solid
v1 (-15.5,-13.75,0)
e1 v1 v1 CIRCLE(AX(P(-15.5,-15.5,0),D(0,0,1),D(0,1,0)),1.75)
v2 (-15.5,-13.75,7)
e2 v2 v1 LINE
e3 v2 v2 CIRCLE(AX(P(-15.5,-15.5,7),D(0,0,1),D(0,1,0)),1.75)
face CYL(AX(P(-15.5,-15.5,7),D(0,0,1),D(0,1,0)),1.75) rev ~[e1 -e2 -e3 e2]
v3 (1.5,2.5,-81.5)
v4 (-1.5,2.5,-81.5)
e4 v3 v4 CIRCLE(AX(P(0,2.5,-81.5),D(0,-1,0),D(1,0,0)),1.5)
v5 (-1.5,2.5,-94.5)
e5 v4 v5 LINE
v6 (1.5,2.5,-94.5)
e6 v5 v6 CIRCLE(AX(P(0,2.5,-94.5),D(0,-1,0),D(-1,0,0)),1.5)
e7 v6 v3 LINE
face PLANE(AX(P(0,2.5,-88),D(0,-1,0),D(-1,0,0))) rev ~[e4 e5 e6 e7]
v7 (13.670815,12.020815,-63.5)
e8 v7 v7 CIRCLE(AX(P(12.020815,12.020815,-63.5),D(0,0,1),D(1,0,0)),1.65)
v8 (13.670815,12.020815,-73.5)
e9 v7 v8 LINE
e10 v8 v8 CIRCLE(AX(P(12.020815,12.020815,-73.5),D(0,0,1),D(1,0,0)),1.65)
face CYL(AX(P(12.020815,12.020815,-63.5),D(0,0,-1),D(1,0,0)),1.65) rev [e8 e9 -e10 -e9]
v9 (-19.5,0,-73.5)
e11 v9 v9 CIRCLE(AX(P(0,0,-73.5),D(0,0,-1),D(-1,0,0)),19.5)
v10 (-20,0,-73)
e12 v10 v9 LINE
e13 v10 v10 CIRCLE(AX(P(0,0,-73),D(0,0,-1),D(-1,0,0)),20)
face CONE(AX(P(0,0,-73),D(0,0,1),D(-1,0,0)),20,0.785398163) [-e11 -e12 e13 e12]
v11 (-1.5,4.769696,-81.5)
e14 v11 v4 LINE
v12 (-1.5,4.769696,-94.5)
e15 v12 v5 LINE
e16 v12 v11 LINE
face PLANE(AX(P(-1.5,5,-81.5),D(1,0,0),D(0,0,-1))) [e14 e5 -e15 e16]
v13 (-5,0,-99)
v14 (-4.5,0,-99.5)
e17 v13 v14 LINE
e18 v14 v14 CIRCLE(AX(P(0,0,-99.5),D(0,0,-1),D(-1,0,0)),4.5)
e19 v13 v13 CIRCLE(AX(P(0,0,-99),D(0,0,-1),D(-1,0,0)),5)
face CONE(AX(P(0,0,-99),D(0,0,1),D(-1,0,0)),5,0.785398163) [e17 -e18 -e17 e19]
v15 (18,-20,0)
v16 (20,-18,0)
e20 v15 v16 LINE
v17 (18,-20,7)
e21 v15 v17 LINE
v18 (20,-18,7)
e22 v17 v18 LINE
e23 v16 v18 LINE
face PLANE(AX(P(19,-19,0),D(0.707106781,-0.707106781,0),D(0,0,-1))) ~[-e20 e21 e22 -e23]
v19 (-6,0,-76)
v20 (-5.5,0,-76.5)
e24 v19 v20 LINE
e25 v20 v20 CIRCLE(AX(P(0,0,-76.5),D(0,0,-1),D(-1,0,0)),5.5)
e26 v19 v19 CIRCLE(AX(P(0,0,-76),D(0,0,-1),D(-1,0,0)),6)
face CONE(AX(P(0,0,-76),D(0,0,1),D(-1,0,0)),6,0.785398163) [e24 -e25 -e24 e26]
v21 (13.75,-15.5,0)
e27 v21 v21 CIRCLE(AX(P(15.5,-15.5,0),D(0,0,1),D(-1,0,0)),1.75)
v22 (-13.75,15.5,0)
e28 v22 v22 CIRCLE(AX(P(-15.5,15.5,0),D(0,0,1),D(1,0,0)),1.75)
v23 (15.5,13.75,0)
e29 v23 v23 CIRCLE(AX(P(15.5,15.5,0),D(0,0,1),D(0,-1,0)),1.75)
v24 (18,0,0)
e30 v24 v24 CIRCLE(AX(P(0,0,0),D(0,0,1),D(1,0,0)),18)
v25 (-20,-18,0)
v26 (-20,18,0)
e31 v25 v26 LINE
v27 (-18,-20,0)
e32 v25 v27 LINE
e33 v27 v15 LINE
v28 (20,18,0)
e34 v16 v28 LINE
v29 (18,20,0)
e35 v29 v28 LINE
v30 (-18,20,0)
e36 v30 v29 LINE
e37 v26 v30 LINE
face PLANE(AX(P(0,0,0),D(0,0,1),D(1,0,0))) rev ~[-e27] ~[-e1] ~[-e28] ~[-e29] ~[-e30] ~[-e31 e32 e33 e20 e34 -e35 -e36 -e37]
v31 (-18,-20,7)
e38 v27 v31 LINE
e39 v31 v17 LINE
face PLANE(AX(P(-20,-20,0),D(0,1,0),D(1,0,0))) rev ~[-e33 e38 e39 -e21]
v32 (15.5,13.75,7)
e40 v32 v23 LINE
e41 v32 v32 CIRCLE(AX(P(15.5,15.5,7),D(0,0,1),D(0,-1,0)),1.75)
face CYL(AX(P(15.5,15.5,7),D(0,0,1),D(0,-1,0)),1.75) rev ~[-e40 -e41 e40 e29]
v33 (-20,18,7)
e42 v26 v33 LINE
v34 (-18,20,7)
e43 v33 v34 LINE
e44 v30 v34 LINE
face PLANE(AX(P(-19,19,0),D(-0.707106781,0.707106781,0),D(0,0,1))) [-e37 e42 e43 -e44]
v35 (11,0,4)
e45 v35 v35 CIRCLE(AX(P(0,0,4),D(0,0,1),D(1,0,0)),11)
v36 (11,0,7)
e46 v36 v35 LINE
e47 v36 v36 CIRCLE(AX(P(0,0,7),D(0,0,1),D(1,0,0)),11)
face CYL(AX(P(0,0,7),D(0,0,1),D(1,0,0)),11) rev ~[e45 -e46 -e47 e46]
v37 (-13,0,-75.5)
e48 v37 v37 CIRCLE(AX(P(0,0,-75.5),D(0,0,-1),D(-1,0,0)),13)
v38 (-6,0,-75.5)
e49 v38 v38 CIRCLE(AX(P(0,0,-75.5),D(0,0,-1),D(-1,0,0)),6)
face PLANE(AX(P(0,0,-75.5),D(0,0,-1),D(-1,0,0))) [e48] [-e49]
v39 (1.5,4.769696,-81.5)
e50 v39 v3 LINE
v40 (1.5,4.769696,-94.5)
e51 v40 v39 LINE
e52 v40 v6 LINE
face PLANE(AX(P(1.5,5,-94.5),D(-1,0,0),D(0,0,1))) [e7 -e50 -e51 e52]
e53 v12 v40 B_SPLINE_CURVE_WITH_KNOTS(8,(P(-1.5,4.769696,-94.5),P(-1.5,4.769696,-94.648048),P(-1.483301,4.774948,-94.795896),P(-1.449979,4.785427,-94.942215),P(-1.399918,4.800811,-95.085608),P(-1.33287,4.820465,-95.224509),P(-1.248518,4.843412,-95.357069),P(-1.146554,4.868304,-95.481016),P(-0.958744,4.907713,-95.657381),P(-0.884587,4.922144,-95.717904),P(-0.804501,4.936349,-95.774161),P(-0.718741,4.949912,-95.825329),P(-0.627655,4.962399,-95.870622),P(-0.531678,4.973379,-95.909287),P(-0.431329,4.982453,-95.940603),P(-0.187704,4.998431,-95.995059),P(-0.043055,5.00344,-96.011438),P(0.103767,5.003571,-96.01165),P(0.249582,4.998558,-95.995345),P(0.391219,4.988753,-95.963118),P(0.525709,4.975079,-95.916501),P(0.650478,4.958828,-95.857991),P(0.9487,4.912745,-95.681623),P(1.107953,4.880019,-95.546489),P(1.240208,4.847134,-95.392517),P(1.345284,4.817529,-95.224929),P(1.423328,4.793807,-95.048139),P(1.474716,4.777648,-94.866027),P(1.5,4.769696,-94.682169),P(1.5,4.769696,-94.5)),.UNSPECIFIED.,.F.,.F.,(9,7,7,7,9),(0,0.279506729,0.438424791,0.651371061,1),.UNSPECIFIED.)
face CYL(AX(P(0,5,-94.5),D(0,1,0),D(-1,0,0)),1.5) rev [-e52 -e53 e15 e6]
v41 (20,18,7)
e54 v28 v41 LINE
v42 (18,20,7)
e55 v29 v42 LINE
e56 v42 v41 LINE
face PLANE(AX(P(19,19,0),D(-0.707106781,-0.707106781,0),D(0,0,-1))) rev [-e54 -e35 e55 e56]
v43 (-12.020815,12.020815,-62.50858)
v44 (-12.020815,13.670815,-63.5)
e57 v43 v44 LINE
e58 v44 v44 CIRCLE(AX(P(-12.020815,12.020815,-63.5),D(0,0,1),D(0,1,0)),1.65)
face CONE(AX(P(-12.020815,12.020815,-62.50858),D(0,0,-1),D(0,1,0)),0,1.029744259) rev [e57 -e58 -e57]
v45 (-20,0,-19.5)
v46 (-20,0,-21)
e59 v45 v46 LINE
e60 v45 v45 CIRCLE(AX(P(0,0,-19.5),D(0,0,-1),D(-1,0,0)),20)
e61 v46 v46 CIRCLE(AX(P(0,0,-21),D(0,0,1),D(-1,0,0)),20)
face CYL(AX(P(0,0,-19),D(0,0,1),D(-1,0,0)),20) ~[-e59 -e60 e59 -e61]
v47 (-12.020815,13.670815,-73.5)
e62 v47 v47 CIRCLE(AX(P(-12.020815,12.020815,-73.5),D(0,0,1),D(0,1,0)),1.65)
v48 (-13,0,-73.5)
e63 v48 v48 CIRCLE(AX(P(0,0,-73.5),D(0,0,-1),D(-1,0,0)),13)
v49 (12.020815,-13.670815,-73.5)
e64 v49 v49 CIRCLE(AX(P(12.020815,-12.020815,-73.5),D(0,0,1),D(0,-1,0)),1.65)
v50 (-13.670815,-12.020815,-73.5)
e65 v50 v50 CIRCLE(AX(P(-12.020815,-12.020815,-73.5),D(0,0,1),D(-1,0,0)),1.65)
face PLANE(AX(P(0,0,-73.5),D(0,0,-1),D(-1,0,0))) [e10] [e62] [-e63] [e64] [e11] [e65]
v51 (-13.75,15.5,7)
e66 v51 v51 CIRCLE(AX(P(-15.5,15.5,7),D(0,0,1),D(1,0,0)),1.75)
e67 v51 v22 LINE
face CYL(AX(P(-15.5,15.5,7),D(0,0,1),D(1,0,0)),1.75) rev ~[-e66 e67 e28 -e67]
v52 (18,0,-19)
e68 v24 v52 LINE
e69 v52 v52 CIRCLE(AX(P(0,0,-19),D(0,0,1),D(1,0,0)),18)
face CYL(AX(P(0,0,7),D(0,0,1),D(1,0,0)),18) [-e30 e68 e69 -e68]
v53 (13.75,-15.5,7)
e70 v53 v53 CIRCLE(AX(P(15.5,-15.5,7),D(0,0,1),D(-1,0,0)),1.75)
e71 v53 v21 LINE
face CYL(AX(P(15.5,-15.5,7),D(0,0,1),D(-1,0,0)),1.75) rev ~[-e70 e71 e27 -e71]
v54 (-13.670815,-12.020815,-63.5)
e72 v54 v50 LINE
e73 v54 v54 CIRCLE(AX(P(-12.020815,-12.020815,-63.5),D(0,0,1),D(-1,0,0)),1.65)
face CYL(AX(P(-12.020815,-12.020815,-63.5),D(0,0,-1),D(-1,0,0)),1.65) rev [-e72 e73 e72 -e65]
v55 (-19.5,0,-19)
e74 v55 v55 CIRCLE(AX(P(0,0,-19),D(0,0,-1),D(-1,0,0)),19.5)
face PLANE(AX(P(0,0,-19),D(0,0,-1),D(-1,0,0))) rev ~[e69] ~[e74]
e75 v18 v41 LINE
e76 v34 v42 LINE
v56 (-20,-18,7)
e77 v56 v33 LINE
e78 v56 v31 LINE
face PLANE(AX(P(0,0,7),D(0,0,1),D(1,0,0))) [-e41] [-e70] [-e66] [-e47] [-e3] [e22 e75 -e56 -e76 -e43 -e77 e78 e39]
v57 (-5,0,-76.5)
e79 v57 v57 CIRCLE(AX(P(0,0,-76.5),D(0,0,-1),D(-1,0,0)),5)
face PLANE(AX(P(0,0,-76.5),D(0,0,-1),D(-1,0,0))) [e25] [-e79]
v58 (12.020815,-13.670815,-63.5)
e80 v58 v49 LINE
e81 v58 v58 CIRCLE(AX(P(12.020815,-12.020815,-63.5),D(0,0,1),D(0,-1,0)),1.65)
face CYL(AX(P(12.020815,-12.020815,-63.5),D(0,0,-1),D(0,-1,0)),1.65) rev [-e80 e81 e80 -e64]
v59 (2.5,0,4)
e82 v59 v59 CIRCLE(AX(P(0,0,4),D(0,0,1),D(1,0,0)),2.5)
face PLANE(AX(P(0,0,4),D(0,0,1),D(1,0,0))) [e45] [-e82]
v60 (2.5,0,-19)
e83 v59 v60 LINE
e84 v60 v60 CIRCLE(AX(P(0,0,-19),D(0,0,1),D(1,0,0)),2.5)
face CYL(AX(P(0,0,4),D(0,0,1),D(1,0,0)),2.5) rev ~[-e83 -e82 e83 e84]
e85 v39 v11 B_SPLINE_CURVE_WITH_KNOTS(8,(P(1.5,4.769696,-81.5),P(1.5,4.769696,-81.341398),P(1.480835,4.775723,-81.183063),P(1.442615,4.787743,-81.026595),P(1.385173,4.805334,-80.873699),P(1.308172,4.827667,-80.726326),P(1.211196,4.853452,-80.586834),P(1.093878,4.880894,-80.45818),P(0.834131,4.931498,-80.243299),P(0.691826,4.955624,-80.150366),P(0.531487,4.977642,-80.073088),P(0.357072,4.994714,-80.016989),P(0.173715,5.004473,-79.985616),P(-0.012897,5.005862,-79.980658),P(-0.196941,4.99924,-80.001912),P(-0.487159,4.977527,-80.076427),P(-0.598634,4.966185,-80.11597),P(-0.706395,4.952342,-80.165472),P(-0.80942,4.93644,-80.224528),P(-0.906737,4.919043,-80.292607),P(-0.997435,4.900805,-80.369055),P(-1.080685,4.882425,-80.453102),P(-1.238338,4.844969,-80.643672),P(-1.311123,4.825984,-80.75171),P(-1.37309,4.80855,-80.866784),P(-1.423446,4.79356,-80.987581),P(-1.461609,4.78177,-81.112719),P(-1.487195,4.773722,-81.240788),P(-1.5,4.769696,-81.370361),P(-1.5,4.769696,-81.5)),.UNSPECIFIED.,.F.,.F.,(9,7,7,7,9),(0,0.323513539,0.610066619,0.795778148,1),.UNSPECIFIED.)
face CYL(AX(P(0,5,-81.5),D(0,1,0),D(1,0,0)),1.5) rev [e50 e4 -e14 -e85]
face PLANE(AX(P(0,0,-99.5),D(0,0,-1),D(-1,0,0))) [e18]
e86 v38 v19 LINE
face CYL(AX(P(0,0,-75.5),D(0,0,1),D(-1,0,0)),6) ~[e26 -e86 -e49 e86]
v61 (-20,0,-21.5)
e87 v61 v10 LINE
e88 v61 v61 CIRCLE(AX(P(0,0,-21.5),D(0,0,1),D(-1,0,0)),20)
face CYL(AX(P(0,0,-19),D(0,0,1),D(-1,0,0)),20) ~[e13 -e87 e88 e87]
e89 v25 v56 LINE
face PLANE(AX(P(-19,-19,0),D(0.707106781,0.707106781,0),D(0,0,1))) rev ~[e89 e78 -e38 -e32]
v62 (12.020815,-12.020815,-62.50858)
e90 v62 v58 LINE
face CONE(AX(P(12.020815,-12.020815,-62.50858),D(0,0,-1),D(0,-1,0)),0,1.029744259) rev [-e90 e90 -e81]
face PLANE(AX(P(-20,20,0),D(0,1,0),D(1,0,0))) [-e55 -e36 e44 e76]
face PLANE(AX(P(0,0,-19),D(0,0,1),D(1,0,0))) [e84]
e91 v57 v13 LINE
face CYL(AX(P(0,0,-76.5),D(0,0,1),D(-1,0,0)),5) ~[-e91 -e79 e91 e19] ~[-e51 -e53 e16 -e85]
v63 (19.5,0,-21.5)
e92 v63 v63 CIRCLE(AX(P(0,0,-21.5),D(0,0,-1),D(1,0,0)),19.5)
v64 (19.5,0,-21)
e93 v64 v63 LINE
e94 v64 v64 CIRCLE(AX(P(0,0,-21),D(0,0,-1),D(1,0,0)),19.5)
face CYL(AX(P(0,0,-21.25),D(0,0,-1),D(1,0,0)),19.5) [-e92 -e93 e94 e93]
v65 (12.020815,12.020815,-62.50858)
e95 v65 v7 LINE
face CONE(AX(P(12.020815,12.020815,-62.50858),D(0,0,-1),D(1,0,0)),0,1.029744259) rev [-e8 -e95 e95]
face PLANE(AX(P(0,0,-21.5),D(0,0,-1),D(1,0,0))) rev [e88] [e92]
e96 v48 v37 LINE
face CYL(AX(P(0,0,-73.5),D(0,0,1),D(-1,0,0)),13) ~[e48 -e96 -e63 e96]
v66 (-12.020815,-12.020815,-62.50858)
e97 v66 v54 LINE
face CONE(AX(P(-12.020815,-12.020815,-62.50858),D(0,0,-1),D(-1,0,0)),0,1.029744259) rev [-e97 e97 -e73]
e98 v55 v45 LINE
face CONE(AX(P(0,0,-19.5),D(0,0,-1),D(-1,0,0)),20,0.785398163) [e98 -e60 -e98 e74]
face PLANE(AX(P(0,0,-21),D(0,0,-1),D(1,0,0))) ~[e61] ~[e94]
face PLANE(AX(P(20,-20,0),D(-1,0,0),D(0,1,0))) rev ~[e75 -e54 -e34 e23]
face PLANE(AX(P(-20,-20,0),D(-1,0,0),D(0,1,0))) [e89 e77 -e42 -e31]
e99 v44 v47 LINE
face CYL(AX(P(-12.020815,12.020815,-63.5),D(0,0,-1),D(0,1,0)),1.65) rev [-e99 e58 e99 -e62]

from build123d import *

# Parameters (mm, degrees)
SKETCH_1_W               = 40
SKETCH_1_H               = 40
EXTRUDE_1_DEPTH          = 7
SKETCH_2_R               = 18
EXTRUDE_2_DEPTH          = 26
SKETCH_3_R               = 20
EXTRUDE_3_DEPTH          = 54.5
SKETCH_4_W               = 2.306133039
SKETCH_4_H               = 0.5
SKETCH_5_R               = 13
EXTRUDE_4_DEPTH          = 2
SKETCH_6_R               = 6
EXTRUDE_5_DEPTH          = 1
SKETCH_7_R               = 5
EXTRUDE_6_DEPTH          = 23
CHAMFER_1_SIZE           = 2
CHAMFER_2_SIZE           = 0.5
SKETCH_8_R               = 1.75
CUT_EXTRUDE_1_DEPTH      = 20
PATTERN_CIRCULAR_1_COUNT = 4
SKETCH_9_R               = 11
CUT_EXTRUDE_2_DEPTH      = 3
SKETCH_10_R              = 2.5
CUT_EXTRUDE_3_DEPTH      = 23
PATTERN_CIRCULAR_2_COUNT = 4
CUT_EXTRUDE_4_DEPTH      = 2.5


with BuildPart() as part:
    # 草图1 → 凸台-拉伸1 (new body)
    with BuildSketch(Plane.XY):
        Rectangle(SKETCH_1_W, SKETCH_1_H)
    extrude(amount=EXTRUDE_1_DEPTH)

    # 草图2 → 凸台-拉伸2 (add)
    with BuildSketch(Plane.XY.offset(7)):
        Circle(SKETCH_2_R)
    extrude(amount=-EXTRUDE_2_DEPTH)

    # 草图3 → 凸台-拉伸3 (add)
    with BuildSketch(Plane(origin=(0, 0, -19), x_dir=(-1, 0, 0), z_dir=(0, 0, -1))):
        Circle(SKETCH_3_R)
    extrude(amount=EXTRUDE_3_DEPTH)

    # 草图4 → 切除-旋转1 (revolve, cut)
    with BuildSketch(Plane(origin=(0, 0, 0), x_dir=(1, 0, 0), z_dir=(0, 1, 0))):
        with Locations((20.65306652, 21.25)):
            Rectangle(SKETCH_4_W, SKETCH_4_H)
    revolve(axis=Axis((0, 0, 0), (0, 0, -1)), mode=Mode.SUBTRACT)

    # 草图5 → 凸台-拉伸4 (add)
    with BuildSketch(Plane(origin=(0, 0, -73.5), x_dir=(-1, 0, 0), z_dir=(0, 0, -1))):
        Circle(SKETCH_5_R)
    extrude(amount=EXTRUDE_4_DEPTH)

    # 草图6 → 凸台-拉伸5 (add)
    with BuildSketch(Plane(origin=(0, 0, -75.5), x_dir=(-1, 0, 0), z_dir=(0, 0, -1))):
        Circle(SKETCH_6_R)
    extrude(amount=EXTRUDE_5_DEPTH)

    # 草图7 → 凸台-拉伸6 (add)
    with BuildSketch(Plane(origin=(0, 0, -76.5), x_dir=(-1, 0, 0), z_dir=(0, 0, -1))):
        Circle(SKETCH_7_R)
    extrude(amount=EXTRUDE_6_DEPTH)

    # 倒角1
    chamfer_1_edges = [part.edges().sort_by_distance(p)[0] for p in [
        (20, -20, 3.5),
        (-20, -20, 3.5),
        (-20, 20, 3.5),
        (20, 20, 3.5),
    ]]
    chamfer(chamfer_1_edges, length=CHAMFER_1_SIZE)

    # 倒角2
    chamfer_2_edges = [part.edges().sort_by_distance(p)[0] for p in [
        (20, 0, -19),
        (20, 0, -73.5),
        (6, 0, -76.5),
        (5, 0, -99.5),
    ]]
    chamfer(chamfer_2_edges, length=CHAMFER_2_SIZE)

    # 草图8 → 切除-拉伸1 (cut)
    with BuildSketch(Plane.XY.offset(7)):
        with Locations((-15.5, 15.5)):
            Circle(SKETCH_8_R)
    cut_extrude_1 = extrude(amount=-CUT_EXTRUDE_1_DEPTH, mode=Mode.SUBTRACT)

    # 阵列(圆周)1: 切除-拉伸1 ×4 about axis
    pattern_circular_1_axis = Axis((0, 0, 0), (0, 0, 1))
    for i in range(1, PATTERN_CIRCULAR_1_COUNT):
        add(cut_extrude_1.rotate(pattern_circular_1_axis, i * 360 / PATTERN_CIRCULAR_1_COUNT), mode=Mode.SUBTRACT)

    # 草图9 → 切除-拉伸2 (cut)
    with BuildSketch(Plane.XY.offset(7)):
        Circle(SKETCH_9_R)
    extrude(amount=-CUT_EXTRUDE_2_DEPTH, mode=Mode.SUBTRACT)

    # 草图10 → 切除-拉伸3 (cut)
    with BuildSketch(Plane.XY.offset(4)):
        Circle(SKETCH_10_R)
    extrude(amount=-CUT_EXTRUDE_3_DEPTH, mode=Mode.SUBTRACT)

    # 草图11 → M4 螺纹孔1 (revolve, cut)
    with BuildSketch(Plane(origin=(-12.02081528, 12.02081528, -73.5), x_dir=(0, 1, 0), z_dir=(1, 0, 0))):
        Polygon((0, 0), (0, 10.991420021), (1.65, 10), (1.65, 0), align=None)
    hole_wizard_m4_1 = revolve(axis=Axis((-12.02081528, 12.02081528, -79.85), (0, 0, 1)), mode=Mode.SUBTRACT)

    # 阵列(圆周)2: M4 螺纹孔1 ×4 about axis
    pattern_circular_2_axis = Axis((0, 0, 0), (0, 0, 1))
    for i in range(1, PATTERN_CIRCULAR_2_COUNT):
        add(hole_wizard_m4_1.rotate(pattern_circular_2_axis, i * 360 / PATTERN_CIRCULAR_2_COUNT), mode=Mode.SUBTRACT)

    # 草图13 → 切除-拉伸4 (cut)
    with BuildSketch(Plane(origin=(0, 5, 0), x_dir=(1, 0, 0), z_dir=(0, 1, 0))):
        with BuildLine():
            Line((1.5, 94.5), (1.5, 81.5))
            ThreePointArc((1.5, 81.5), (0, 80), (-1.5, 81.5))
            Line((-1.5, 81.5), (-1.5, 94.5))
            ThreePointArc((-1.5, 94.5), (0, 96), (1.5, 94.5))
        make_face()
    extrude(amount=-CUT_EXTRUDE_4_DEPTH, mode=Mode.SUBTRACT)


solid = part.part
